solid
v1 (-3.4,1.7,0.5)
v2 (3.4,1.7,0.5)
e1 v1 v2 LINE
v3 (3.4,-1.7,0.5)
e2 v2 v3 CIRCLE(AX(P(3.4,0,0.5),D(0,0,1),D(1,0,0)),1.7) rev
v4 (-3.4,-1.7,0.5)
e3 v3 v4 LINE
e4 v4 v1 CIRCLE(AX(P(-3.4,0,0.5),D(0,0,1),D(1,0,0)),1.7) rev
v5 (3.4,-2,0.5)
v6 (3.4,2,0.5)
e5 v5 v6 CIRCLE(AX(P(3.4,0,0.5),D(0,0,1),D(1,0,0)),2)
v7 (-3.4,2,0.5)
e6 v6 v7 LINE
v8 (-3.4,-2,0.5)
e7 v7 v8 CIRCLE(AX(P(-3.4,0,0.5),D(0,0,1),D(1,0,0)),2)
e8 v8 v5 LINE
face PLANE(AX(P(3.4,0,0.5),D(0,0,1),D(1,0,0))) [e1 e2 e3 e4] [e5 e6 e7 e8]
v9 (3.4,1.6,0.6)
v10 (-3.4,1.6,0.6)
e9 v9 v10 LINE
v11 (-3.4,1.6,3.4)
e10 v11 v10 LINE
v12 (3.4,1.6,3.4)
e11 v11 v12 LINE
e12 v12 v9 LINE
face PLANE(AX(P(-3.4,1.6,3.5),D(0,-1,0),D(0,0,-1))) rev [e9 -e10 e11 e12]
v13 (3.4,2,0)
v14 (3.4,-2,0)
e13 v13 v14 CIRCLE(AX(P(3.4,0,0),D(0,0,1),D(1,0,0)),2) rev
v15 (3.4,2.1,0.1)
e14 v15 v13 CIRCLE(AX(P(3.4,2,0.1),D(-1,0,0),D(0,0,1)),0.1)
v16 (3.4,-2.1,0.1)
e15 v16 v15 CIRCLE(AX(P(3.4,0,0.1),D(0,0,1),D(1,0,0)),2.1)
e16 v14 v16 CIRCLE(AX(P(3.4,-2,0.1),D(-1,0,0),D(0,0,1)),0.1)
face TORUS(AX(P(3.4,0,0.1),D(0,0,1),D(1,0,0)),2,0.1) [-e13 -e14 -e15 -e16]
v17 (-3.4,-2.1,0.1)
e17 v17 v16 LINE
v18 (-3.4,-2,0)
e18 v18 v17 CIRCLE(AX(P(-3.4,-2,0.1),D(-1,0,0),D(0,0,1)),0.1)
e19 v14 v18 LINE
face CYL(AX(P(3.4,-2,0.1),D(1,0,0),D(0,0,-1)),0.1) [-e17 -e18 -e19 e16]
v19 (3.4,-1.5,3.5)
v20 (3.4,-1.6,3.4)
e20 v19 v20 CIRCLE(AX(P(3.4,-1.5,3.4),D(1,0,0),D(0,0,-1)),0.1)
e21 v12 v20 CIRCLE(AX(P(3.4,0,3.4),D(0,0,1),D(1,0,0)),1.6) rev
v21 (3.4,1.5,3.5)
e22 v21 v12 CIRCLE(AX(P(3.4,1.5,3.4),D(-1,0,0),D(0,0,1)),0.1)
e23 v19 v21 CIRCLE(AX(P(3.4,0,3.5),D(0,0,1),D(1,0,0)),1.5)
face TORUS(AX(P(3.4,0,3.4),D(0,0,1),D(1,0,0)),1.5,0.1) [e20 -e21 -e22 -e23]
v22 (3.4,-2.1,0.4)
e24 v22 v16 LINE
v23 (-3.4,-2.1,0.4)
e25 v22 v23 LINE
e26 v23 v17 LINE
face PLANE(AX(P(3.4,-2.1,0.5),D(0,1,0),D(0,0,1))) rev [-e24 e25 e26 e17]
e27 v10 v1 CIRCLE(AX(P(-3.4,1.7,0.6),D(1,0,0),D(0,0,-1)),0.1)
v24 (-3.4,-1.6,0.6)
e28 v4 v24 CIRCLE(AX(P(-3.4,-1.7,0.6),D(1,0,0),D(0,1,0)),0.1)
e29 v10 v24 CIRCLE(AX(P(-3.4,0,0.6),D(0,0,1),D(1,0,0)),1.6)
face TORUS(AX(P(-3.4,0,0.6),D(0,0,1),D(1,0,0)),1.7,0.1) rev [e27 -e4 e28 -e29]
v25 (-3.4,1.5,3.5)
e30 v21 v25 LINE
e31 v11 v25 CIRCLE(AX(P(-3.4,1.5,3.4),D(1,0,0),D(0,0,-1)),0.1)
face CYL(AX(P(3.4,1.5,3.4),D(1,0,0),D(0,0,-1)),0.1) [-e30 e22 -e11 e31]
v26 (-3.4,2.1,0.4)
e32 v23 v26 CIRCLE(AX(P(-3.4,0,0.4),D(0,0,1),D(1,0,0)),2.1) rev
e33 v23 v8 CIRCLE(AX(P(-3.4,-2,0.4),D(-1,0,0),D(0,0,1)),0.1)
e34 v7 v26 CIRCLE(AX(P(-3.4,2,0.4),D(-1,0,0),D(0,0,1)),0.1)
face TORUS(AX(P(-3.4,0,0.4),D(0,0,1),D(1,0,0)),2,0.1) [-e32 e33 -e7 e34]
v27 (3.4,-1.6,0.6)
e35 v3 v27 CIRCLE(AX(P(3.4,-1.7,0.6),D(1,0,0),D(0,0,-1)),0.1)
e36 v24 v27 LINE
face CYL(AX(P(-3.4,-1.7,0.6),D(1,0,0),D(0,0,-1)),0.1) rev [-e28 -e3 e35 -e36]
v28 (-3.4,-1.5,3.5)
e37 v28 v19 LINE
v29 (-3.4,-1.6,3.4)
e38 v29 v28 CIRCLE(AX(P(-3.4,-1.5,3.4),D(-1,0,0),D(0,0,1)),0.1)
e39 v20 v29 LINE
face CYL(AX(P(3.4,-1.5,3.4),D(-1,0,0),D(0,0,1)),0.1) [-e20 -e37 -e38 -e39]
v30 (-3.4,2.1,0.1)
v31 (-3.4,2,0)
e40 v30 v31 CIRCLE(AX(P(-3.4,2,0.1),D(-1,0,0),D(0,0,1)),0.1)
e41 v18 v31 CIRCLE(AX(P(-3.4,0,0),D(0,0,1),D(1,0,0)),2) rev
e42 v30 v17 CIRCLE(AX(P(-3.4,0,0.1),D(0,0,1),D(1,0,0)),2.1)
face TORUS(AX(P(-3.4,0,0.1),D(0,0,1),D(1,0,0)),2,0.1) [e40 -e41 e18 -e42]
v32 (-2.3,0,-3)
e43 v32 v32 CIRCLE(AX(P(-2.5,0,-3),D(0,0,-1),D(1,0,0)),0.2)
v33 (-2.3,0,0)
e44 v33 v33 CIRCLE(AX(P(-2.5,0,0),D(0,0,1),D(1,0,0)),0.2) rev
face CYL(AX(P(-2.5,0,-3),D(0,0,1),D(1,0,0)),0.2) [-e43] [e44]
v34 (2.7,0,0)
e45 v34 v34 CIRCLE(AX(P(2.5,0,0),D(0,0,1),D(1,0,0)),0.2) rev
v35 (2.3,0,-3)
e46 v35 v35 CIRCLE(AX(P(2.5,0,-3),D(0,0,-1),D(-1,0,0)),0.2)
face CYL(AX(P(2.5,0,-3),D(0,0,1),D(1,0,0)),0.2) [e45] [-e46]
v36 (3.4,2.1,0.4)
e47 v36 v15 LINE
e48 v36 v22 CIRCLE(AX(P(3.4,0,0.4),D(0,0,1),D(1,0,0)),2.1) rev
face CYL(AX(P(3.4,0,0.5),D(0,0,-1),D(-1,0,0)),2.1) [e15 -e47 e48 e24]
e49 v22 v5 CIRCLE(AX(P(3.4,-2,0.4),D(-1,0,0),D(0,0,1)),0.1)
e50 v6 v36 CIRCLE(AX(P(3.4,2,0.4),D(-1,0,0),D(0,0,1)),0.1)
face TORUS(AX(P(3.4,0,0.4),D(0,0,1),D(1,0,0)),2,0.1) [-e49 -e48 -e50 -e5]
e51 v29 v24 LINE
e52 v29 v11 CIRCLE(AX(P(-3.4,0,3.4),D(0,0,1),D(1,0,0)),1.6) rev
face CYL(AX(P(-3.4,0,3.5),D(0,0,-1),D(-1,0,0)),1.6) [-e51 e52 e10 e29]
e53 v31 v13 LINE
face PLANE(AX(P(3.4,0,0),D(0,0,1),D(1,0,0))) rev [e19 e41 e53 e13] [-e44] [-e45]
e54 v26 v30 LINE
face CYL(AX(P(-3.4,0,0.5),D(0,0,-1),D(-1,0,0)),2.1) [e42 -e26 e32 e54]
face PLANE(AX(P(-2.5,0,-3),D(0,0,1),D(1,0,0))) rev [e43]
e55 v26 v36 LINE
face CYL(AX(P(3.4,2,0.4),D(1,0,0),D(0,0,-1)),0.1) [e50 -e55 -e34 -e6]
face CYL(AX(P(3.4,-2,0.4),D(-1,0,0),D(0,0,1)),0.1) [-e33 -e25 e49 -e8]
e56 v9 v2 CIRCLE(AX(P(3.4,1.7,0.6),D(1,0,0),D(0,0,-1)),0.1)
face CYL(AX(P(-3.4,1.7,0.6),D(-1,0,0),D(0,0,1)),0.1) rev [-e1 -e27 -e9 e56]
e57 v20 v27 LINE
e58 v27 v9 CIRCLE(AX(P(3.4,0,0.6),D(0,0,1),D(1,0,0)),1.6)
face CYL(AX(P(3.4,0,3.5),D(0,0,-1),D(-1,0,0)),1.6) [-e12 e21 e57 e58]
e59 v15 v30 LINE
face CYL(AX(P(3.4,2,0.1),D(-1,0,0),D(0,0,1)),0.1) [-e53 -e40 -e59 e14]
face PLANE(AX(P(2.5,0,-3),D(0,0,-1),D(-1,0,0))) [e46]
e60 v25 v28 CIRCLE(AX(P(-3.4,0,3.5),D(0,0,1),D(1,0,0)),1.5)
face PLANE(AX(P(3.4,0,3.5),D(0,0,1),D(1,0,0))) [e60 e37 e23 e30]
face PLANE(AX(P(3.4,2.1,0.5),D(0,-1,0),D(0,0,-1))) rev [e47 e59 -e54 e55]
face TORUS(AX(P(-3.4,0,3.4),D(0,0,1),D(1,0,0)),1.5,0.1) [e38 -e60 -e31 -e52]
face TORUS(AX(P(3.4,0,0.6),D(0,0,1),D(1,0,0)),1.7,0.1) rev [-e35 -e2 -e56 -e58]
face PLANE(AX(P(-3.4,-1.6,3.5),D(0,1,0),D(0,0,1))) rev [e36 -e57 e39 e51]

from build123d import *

# Parameters (mm, degrees)
EXTRUDE_1_DEPTH = 0.5
EXTRUDE_2_DEPTH = 3
SKETCH_3_R      = 0.2
EXTRUDE_3_DEPTH = 3
FILLET_1_R      = 0.1


with BuildPart() as part:
    # 草图1 → 凸台-拉伸1 (new body)
    with BuildSketch(Plane.XY):
        with BuildLine():
            Line((3.4, 2.1), (-3.4, 2.1))
            ThreePointArc((-3.4, 2.1), (-5.5, 0), (-3.4, -2.1))
            Line((-3.4, -2.1), (3.4, -2.1))
            ThreePointArc((3.4, -2.1), (5.5, 0), (3.4, 2.1))
        make_face()
    extrude(amount=EXTRUDE_1_DEPTH)

    # 草图2 → 凸台-拉伸2 (add)
    with BuildSketch(Plane.XY.offset(0.5)):
        with BuildLine():
            Line((-3.4, 1.6), (3.4, 1.6))
            ThreePointArc((3.4, 1.6), (5, 0), (3.4, -1.6))
            Line((3.4, -1.6), (-3.4, -1.6))
            ThreePointArc((-3.4, -1.6), (-5, 0), (-3.4, 1.6))
        make_face()
    extrude(amount=EXTRUDE_2_DEPTH)

    # 草图3 → 凸台-拉伸3 (add)
    with BuildSketch(Plane(origin=(0, 0, 0), x_dir=(-1, 0, 0), z_dir=(0, 0, -1))):
        with Locations(Location((-2.5, 0, 0), (0, 0, 180))):
            Circle(SKETCH_3_R)
        with Locations(Location((2.5, 0, 0), (0, 0, 180))):
            Circle(SKETCH_3_R)
    extrude(amount=EXTRUDE_3_DEPTH)

    # 圆角1
    fillet_1_edges = [part.edges().sort_by_distance(p)[0] for p in [
        (-5.5, 0, 0.5),
        (0, -2.1, 0.5),
        (5, 0, 0.5),
        (0, 1.6, 0.5),
        (-5, 0, 0.5),
        (0, -1.6, 0.5),
        (5, 0, 3.5),
        (0, 1.6, 3.5),
        (-5, 0, 3.5),
        (0, -1.6, 3.5),
        (5.5, 0, 0.5),
        (0, -2.1, 0),
        (-5.5, 0, 0),
        (0, 2.1, 0),
        (5.5, 0, 0),
        (0, 2.1, 0.5),
    ]]
    fillet(fillet_1_edges, radius=FILLET_1_R)


solid = part.part
